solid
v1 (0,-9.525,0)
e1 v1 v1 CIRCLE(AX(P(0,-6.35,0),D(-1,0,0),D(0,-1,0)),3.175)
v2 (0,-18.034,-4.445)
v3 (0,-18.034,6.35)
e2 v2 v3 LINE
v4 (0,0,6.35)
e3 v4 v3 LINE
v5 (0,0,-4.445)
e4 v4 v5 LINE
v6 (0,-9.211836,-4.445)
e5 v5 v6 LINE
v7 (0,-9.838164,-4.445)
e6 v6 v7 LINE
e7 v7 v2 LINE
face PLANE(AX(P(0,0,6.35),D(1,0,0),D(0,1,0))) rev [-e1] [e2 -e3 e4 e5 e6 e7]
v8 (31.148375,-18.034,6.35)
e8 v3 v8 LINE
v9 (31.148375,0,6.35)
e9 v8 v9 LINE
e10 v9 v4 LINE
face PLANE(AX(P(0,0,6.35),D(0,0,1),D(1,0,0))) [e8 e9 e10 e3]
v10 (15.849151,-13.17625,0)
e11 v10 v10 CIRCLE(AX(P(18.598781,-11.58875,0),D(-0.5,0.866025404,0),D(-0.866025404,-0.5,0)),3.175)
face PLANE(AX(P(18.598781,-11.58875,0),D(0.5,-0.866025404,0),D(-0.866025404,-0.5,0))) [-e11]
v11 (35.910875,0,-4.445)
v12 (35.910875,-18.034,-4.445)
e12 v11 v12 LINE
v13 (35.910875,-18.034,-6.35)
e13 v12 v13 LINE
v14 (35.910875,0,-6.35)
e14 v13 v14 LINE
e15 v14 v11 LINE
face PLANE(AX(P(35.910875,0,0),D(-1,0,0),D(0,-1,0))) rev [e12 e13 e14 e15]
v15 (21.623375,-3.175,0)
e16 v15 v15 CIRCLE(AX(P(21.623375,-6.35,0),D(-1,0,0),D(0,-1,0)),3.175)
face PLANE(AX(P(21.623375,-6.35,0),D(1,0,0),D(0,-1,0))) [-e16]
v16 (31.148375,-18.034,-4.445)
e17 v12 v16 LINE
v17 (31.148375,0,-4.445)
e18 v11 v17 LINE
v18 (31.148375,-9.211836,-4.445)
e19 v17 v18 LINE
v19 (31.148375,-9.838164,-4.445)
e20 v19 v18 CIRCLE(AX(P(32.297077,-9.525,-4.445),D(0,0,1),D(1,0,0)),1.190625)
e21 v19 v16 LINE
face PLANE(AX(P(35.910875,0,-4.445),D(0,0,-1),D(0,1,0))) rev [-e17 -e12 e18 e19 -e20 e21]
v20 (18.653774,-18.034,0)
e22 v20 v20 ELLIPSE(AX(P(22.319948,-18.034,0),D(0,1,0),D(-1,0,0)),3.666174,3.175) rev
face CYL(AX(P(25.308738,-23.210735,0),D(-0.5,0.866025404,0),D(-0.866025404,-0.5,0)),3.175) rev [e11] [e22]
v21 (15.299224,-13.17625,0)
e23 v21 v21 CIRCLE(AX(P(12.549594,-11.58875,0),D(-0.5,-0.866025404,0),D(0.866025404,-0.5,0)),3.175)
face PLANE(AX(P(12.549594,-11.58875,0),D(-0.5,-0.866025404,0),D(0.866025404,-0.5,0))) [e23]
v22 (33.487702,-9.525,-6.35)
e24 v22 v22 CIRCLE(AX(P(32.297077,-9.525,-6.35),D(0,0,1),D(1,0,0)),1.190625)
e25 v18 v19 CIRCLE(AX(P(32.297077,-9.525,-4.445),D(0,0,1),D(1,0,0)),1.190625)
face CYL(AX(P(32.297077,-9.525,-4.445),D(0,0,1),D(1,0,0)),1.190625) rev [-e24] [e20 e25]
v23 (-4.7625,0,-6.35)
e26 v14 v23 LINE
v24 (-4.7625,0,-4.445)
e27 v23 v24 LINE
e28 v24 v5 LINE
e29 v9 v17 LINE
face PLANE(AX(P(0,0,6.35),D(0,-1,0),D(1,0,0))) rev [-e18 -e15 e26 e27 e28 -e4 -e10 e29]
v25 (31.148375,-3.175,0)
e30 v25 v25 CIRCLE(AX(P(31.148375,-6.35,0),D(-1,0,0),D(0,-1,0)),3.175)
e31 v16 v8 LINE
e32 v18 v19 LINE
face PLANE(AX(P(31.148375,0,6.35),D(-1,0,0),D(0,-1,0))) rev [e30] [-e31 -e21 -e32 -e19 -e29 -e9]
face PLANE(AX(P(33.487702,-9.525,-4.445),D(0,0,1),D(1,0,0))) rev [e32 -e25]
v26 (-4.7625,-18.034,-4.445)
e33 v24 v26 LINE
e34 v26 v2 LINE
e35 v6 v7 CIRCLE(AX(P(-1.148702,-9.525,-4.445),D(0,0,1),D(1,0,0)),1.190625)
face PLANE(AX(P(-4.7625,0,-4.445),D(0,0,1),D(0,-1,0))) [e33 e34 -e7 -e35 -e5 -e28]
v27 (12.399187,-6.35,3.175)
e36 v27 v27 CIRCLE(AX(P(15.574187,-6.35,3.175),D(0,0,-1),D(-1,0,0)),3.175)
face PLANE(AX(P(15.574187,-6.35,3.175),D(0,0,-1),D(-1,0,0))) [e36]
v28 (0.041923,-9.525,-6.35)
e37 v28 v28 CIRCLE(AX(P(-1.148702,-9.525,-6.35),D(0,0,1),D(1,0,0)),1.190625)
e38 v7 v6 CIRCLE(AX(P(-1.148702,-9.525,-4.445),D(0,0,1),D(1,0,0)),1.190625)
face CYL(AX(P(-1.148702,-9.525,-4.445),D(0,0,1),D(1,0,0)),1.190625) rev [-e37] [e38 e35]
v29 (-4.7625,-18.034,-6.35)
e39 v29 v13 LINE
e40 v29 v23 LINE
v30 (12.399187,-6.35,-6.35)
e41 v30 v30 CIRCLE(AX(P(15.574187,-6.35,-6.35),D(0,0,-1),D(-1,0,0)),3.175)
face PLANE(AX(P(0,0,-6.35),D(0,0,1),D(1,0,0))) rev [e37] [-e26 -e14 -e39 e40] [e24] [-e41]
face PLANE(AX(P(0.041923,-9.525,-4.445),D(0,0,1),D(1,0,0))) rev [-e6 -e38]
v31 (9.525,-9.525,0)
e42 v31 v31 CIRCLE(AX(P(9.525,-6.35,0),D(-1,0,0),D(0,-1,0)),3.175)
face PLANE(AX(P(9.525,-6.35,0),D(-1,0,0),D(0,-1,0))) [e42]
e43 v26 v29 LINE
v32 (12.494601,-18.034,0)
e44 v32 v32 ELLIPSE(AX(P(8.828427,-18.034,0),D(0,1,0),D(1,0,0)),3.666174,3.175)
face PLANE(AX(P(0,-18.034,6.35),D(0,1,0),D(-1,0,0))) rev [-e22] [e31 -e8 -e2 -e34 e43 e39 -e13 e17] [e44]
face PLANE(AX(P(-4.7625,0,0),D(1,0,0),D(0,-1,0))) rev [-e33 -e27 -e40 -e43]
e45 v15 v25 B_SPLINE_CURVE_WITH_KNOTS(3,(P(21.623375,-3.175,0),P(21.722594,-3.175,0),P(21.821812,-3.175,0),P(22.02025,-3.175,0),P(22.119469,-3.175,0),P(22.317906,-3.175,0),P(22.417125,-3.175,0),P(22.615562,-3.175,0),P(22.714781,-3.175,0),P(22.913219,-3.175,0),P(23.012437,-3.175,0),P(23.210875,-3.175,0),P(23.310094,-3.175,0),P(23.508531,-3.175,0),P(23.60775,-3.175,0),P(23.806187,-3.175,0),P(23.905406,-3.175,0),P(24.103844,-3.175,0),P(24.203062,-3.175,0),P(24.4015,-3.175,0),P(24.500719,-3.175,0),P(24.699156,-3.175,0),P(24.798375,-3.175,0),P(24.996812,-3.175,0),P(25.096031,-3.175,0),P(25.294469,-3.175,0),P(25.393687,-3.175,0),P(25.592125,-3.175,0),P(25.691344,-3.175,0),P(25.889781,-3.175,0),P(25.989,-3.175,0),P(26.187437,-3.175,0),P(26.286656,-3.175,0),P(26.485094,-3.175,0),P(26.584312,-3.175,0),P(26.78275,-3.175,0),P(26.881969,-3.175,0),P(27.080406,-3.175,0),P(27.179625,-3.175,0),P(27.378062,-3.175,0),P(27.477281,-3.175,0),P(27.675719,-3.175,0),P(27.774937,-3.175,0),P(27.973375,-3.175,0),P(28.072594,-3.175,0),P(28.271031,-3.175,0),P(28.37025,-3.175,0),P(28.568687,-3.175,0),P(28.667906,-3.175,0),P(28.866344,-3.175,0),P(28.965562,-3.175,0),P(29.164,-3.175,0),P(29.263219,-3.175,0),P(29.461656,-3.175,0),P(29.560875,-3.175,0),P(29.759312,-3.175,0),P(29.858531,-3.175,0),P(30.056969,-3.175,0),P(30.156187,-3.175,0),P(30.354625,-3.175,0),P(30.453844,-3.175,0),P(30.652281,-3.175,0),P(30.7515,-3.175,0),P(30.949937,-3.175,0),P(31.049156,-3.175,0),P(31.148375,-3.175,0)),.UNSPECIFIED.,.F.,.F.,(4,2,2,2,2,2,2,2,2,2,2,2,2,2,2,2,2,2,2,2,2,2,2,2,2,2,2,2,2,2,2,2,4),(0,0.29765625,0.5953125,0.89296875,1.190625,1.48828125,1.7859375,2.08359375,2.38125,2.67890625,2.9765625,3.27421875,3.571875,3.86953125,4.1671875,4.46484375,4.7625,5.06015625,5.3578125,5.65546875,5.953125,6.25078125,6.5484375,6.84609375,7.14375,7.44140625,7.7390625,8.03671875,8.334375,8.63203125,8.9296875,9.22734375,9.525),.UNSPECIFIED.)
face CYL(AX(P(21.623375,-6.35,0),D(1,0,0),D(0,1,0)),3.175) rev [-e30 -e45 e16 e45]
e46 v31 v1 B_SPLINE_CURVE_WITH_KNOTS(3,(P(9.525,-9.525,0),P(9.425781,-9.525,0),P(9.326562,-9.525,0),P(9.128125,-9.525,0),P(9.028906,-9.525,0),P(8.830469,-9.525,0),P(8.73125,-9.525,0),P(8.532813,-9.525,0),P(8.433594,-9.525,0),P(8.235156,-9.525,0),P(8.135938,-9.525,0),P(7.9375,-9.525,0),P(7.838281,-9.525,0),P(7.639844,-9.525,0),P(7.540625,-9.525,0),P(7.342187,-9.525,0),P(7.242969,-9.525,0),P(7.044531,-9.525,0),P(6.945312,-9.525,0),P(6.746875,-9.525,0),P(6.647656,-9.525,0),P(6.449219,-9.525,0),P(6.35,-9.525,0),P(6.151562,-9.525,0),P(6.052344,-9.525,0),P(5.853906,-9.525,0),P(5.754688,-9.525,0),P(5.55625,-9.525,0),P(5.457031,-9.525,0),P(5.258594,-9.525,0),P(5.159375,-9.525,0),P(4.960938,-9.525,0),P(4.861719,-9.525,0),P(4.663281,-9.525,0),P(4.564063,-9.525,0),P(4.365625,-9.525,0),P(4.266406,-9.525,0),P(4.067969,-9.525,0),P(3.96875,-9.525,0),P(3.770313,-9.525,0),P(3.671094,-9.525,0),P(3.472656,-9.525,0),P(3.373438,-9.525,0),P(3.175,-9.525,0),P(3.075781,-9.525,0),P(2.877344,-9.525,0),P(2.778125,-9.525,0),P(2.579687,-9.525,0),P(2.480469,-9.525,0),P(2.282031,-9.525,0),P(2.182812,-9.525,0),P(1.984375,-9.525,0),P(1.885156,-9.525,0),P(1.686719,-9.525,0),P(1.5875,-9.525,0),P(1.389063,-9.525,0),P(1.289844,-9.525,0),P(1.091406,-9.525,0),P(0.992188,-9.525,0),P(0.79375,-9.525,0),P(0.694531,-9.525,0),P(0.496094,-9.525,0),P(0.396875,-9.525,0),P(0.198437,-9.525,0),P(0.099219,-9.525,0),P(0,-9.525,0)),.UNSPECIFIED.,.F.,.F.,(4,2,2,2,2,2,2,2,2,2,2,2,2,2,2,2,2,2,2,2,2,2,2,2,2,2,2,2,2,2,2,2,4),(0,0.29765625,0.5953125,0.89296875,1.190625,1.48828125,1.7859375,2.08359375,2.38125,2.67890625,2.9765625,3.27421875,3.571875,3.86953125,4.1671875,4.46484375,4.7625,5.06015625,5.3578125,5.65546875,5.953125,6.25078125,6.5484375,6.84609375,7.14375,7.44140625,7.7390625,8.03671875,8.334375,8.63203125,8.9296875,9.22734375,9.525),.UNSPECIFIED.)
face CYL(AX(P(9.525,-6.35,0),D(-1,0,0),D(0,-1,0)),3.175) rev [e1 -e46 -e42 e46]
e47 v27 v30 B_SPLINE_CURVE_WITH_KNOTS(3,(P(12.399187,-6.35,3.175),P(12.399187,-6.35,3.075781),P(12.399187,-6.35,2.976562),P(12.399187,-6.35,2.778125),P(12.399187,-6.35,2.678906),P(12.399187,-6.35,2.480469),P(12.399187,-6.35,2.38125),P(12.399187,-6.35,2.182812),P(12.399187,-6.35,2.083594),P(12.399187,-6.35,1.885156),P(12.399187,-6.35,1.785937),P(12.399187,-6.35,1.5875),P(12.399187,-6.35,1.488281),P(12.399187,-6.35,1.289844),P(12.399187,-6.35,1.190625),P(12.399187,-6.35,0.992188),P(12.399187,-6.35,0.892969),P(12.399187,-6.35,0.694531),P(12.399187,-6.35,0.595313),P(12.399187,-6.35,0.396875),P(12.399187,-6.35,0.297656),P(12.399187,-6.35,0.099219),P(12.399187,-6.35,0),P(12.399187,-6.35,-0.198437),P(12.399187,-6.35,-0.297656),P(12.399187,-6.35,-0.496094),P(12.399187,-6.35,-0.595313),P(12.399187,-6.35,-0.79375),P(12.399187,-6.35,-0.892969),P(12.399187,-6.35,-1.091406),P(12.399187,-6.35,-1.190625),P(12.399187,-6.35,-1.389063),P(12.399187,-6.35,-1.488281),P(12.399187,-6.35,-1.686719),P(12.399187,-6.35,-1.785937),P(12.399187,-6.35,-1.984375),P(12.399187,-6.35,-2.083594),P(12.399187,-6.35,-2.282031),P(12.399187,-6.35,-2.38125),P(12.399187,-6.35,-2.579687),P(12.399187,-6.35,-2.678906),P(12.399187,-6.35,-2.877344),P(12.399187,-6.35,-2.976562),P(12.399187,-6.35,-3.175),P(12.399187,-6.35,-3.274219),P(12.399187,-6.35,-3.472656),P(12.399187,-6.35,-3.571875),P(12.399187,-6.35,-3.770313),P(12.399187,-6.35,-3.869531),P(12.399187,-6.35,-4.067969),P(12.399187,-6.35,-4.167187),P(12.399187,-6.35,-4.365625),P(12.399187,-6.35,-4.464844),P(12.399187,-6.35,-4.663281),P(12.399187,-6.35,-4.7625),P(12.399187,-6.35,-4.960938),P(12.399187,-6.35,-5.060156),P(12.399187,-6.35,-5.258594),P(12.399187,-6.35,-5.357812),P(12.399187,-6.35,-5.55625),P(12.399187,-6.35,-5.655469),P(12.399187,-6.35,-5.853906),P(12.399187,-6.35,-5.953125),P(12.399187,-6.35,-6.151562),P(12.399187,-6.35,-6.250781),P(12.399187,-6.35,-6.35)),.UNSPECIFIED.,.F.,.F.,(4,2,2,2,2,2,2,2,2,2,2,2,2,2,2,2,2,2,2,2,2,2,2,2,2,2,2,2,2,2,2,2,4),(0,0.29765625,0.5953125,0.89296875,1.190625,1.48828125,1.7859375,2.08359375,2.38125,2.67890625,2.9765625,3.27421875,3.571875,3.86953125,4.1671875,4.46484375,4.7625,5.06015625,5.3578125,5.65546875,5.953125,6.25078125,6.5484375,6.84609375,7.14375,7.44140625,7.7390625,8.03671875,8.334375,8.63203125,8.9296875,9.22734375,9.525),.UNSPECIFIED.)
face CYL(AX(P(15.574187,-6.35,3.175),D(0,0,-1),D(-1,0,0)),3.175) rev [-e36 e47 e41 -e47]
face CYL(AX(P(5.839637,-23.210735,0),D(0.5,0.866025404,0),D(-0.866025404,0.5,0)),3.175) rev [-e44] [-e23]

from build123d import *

# Parameters (mm, degrees)
SKETCH3_W                      = 31.148374891
SKETCH3_H                      = 19.837641971
BOSS_EXTRUDE1_DEPTH            = 6.35
SKETCH4_R                      = 3.175
CUT_EXTRUDE1_DEPTH             = 9.525
SKETCH5_R                      = 3.175
CUT_EXTRUDE5_DEPTH             = 9.525
CUT_EXTRUDE5_DIRECTION_2_REACH = 33.299
SKETCH6_R                      = 3.175
CUT_EXTRUDE6_DEPTH             = 9.525
SKETCH8_W                      = 12.7
SKETCH8_H                      = 1.803641971
CUT_EXTRUDE7_DEPTH             = 38.470999417
SKETCH9_W                      = 1.905
SKETCH9_H                      = 18.034
BOSS_EXTRUDE2_DEPTH            = 4.7625
SKETCH11_W                     = 1.190625
SKETCH11_H                     = 1.906


with BuildPart() as part:
    # Sketch3 → Boss-Extrude1 (new, symmetric)
    with BuildSketch(Plane.XY):
        with Locations((15.574187446, -9.918820986)):
            Rectangle(SKETCH3_W, SKETCH3_H)
    extrude(amount=BOSS_EXTRUDE1_DEPTH, both=True)

    # Sketch4 → Cut-Extrude1 (cut)
    with BuildSketch(Plane.ZY):
        with Locations(Location((0, -6.35, 0), (0, 0, 270))):
            Circle(SKETCH4_R)
    cut_extrude1 = extrude(amount=-CUT_EXTRUDE1_DEPTH, mode=Mode.SUBTRACT)

    # Sketch5 → Cut-Extrude5 (cut)
    with BuildSketch(Plane(origin=(7.787093723, -19.837641971, 0), x_dir=(-0.8660254037844382, 0.500000000000001, 0), z_dir=(-0.500000000000001, -0.8660254037844382, 0))):
        with Locations(Location((0, 0, 0), (0, 0, 180))):
            Circle(SKETCH5_R)
    cut_extrude5 = extrude(amount=-CUT_EXTRUDE5_DEPTH, mode=Mode.SUBTRACT)

    # Sketch5 → Cut-Extrude5 direction 2 (cut, up to next)
    with BuildSketch(Plane(origin=(7.787093723, -19.837641971, 0), x_dir=(-0.8660254037844382, 0.500000000000001, 0), z_dir=(-0.500000000000001, -0.8660254037844382, 0)), mode=Mode.PRIVATE) as cut_extrude5_direction_2_sk1:
        with Locations(Location((0, 0, 0), (0, 0, 180))):
            Circle(SKETCH5_R)
    cut_extrude5_direction_2_tool1 = extrude(cut_extrude5_direction_2_sk1.sketch, amount=CUT_EXTRUDE5_DIRECTION_2_REACH, mode=Mode.PRIVATE) & part.part
    cut_extrude5_direction_2 = cut_extrude5_direction_2_tool1.solids().sort_by_distance((7.787094, -19.837642, 0))[0]
    add(cut_extrude5_direction_2, mode=Mode.SUBTRACT)

    # Sketch6 → Cut-Extrude6 (cut)
    with BuildSketch(Plane(origin=(0, 0, -6.35), x_dir=(-1, 0, 0), z_dir=(0, 0, -1))):
        with Locations((-15.574187445, -6.35)):
            Circle(SKETCH6_R)
    extrude(amount=-CUT_EXTRUDE6_DEPTH, mode=Mode.SUBTRACT)

    # Mirror1: Cut-Extrude1, Cut-Extrude5, Cut-Extrude5 direction 2 across plane
    add(cut_extrude1.mirror(Plane.ZY.offset(-15.574187445)), mode=Mode.SUBTRACT)
    add(cut_extrude5.mirror(Plane.ZY.offset(-15.574187445)), mode=Mode.SUBTRACT)
    add(cut_extrude5_direction_2.mirror(Plane.ZY.offset(-15.574187445)), mode=Mode.SUBTRACT)

    # Sketch8 → Cut-Extrude7 (cut, through all)
    with BuildSketch(Plane(origin=(31.148374891, 0, 0), x_dir=(0, 0, -1), z_dir=(1, 0, 0))):
        with Locations((0, -18.935820986)):
            Rectangle(SKETCH8_W, SKETCH8_H)
    extrude(amount=-CUT_EXTRUDE7_DEPTH, mode=Mode.SUBTRACT)

    # Sketch9 → Boss-Extrude2 (add)
    with BuildSketch(Plane(origin=(31.148374891, 0, 0), x_dir=(0, 0, -1), z_dir=(1, 0, 0))):
        with Locations((5.3975, -9.017)):
            Rectangle(SKETCH9_W, SKETCH9_H)
    boss_extrude2 = extrude(amount=BOSS_EXTRUDE2_DEPTH)

    # Sketch11 → 3/32 (0.09375) Diameter Hole1 (revolve, cut)
    with BuildSketch(Plane(origin=(32.297076923, -9.525, -4.445), x_dir=(0, -1, 0), z_dir=(1, 0, 0))):
        with Locations((0.5953125, 0.953)):
            Rectangle(SKETCH11_W, SKETCH11_H)
    f_3_32_0_09375_diameter_hole1 = revolve(axis=Axis((32.297076923, -9.525, 1.905), (0, 0, -1)), mode=Mode.SUBTRACT)

    # Mirror2: Boss-Extrude2, 3/32 (0.09375) Diameter Hole1 across plane
    add(boss_extrude2.mirror(Plane.ZY.offset(-15.574187445)))
    add(f_3_32_0_09375_diameter_hole1.mirror(Plane.ZY.offset(-15.574187445)), mode=Mode.SUBTRACT)


solid = part.part
